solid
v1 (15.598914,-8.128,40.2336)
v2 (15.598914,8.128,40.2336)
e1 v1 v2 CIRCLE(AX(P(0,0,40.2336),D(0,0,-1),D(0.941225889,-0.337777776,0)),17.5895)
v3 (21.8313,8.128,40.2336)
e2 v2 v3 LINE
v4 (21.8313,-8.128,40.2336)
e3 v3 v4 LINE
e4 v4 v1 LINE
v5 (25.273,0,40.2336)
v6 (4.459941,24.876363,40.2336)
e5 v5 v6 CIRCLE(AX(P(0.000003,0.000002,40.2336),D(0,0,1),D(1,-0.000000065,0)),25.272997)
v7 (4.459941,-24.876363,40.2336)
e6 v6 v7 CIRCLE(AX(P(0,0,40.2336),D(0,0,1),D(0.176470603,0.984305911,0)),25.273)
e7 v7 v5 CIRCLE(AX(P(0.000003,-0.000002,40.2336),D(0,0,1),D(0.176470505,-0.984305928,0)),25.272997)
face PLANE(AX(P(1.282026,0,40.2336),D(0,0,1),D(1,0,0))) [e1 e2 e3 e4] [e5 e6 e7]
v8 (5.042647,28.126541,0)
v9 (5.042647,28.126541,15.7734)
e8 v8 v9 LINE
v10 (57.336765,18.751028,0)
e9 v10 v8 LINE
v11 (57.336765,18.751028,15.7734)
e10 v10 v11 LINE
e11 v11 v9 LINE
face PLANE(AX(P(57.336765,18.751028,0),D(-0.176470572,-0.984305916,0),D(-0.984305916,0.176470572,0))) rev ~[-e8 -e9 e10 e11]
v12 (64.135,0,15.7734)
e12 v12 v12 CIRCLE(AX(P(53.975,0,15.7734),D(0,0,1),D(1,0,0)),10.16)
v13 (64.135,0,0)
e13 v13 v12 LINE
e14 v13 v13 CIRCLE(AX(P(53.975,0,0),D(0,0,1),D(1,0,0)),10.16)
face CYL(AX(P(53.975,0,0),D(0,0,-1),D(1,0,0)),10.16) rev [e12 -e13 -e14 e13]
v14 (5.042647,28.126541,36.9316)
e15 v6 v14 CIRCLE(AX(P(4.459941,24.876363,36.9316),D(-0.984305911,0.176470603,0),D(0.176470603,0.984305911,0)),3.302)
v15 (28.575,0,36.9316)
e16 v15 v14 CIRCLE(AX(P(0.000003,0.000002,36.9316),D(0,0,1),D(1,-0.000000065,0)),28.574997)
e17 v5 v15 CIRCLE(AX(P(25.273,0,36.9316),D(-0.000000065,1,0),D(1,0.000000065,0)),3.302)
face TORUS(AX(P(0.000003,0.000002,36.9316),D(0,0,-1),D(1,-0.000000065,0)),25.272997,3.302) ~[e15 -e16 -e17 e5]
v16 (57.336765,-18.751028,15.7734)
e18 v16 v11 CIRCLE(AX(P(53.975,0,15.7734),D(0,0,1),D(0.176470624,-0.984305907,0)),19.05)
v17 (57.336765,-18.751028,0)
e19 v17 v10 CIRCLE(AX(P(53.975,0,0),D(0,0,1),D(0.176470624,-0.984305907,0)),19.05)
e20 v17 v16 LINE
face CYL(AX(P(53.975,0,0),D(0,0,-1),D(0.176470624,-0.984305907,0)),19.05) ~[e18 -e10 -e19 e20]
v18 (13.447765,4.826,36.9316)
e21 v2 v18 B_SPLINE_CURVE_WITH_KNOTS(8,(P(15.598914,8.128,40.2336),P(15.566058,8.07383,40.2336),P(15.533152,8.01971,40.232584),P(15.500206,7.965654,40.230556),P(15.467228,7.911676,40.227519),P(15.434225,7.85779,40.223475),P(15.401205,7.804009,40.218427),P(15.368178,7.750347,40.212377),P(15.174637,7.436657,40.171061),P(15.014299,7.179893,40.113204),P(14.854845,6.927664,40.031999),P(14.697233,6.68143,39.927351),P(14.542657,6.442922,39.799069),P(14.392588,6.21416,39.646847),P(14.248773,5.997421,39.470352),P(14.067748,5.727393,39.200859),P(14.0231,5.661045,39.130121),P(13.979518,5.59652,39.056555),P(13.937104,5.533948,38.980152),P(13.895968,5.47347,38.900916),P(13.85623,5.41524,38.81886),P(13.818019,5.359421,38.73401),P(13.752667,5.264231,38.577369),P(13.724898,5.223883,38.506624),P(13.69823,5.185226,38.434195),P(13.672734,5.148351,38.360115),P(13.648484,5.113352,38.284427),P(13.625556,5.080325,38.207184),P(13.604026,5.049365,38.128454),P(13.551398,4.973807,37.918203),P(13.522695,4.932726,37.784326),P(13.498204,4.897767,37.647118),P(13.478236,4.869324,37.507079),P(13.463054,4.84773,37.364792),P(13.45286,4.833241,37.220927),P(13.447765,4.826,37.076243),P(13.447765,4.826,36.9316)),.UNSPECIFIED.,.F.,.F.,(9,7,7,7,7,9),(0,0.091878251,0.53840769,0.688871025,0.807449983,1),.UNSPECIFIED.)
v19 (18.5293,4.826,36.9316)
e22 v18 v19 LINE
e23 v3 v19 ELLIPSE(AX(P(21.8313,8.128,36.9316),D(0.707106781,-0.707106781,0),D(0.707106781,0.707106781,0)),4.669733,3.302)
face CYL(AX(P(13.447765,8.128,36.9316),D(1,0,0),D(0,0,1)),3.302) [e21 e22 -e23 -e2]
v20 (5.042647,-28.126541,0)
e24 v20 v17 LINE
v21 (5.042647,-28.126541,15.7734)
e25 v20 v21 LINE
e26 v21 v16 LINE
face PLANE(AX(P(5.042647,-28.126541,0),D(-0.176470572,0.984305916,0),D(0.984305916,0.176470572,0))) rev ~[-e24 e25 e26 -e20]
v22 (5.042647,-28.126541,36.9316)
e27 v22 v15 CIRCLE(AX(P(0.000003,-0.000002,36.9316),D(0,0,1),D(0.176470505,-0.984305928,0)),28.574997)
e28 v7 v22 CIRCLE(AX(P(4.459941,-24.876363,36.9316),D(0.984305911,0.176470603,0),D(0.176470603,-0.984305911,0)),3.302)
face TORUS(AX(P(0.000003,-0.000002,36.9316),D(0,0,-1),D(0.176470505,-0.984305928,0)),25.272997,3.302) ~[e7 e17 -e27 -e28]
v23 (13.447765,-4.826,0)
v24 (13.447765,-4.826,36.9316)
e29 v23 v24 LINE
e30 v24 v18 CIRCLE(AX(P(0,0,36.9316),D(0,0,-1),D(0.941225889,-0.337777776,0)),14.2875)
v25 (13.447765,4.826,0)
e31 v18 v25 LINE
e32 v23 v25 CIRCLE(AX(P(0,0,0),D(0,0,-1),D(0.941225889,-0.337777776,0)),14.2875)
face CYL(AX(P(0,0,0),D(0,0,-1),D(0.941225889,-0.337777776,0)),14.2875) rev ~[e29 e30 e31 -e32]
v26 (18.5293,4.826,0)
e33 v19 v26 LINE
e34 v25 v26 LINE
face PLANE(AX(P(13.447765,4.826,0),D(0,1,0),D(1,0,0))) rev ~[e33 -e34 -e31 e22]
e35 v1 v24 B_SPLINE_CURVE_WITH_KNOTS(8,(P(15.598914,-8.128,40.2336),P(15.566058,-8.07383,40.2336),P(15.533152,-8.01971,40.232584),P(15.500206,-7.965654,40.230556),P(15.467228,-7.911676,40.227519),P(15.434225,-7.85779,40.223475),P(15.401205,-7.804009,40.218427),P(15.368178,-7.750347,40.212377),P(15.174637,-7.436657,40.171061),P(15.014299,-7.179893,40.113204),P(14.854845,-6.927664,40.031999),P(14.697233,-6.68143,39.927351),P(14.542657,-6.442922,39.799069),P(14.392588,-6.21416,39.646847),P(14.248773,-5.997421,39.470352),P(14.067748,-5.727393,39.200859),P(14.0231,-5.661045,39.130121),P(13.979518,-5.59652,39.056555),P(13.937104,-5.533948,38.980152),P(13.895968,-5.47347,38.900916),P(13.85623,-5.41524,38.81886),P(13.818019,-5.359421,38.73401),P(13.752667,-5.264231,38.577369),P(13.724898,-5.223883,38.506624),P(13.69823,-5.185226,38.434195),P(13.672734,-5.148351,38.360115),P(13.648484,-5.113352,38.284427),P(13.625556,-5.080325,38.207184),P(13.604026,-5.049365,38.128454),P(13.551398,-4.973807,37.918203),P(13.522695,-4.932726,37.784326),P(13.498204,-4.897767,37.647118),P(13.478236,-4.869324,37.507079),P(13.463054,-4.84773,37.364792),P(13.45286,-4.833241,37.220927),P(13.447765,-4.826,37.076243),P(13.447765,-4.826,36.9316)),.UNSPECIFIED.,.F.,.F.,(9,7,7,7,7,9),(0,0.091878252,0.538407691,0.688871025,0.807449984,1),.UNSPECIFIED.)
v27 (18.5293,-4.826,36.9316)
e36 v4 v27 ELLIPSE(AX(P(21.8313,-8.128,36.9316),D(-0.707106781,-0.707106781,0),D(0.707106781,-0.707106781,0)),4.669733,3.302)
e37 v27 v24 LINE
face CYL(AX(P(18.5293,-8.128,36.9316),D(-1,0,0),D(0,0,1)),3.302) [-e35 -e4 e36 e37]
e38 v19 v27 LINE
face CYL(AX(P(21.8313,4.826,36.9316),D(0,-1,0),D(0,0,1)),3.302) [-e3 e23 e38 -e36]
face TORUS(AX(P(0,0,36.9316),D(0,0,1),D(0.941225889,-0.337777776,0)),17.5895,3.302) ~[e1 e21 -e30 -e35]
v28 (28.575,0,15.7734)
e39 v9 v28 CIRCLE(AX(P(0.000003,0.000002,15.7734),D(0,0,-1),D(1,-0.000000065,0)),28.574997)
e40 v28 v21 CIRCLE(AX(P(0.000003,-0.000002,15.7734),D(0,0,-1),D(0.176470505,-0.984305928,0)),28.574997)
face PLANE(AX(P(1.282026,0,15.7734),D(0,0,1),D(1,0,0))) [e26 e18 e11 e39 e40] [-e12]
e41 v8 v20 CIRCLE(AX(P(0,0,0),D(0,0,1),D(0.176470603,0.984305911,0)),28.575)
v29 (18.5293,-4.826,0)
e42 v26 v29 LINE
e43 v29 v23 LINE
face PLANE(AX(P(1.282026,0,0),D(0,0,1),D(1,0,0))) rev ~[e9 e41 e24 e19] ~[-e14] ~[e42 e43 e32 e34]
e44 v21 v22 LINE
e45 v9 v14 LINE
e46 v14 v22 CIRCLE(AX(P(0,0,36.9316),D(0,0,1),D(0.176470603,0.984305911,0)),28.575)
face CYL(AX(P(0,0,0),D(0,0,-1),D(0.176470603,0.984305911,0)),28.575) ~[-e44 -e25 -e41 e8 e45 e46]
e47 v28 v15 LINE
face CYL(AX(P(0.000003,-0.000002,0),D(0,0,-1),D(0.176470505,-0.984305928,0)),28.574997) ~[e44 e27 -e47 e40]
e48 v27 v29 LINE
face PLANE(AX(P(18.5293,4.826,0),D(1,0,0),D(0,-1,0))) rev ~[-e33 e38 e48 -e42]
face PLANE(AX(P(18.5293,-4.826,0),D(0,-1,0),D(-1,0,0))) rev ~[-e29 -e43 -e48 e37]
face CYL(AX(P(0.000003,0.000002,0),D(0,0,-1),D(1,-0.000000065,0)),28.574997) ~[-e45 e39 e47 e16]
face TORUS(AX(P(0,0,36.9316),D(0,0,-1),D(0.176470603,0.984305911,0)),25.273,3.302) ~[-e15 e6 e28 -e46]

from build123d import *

# Parameters (mm, degrees)
F1_DEPTH = 40.2336
F0_R     = 10.16
F2_DEPTH = 15.7734
F3_R     = 3.302


with BuildPart() as f1:
    # F0 (on Top) → F1 (new body)
    with BuildSketch(Plane.XY):
        with BuildLine():
            ThreePointArc((5.042647, -28.126541), (21.916025, -18.336262), (28.575, 0))
            ThreePointArc((28.575, 0), (21.916025, 18.336262), (5.042647, 28.126541))
            ThreePointArc((5.042647, 28.126541), (-28.575, 0), (5.042647, -28.126541))
        make_face()
        with BuildLine():
            ThreePointArc((13.447765, -4.826), (-14.2875, 0), (13.447765, 4.826))
            Line((13.447765, 4.826), (18.5293, 4.826))
            Line((18.5293, 4.826), (18.5293, -4.826))
            Line((18.5293, -4.826), (13.447765, -4.826))
        make_face(mode=Mode.SUBTRACT)
    extrude(amount=F1_DEPTH)

    # F0 (on Top) → F2 (join)
    with BuildSketch(Plane.XY):
        with BuildLine():
            ThreePointArc((5.042647, -28.126541), (21.916025, -18.336262), (28.575, 0))
            ThreePointArc((28.575, 0), (21.916025, 18.336262), (5.042647, 28.126541))
            ThreePointArc((5.042647, 28.126541), (-28.575, 0), (5.042647, -28.126541))
        make_face()
        with BuildLine():
            ThreePointArc((13.447765, -4.826), (-14.2875, 0), (13.447765, 4.826))
            Line((13.447765, 4.826), (18.5293, 4.826))
            Line((18.5293, 4.826), (18.5293, -4.826))
            Line((18.5293, -4.826), (13.447765, -4.826))
        make_face(mode=Mode.SUBTRACT)
        with BuildLine():
            ThreePointArc((5.042647, 28.126541), (21.916025, 18.336262), (28.575, 0))
            ThreePointArc((28.575, 0), (21.916025, -18.336262), (5.042647, -28.126541))
            Line((5.042647, -28.126541), (57.336765, -18.751028))
            ThreePointArc((57.336765, -18.751028), (73.025, 0), (57.336765, 18.751028))
            Line((57.336765, 18.751028), (5.042647, 28.126541))
        make_face()
        with Locations((53.975, 0)):
            Circle(F0_R, mode=Mode.SUBTRACT)
    extrude(amount=F2_DEPTH)

    # F3
    f3_edges = [f1.edges().sort_by_distance(p)[0] for p in [
        (-5.042647, 28.126541, 40.2336),
        (-14.2875, 0, 40.2336),
        (15.988532, 4.826, 40.2336),
        (18.5293, 0, 40.2336),
        (15.988532, -4.826, 40.2336),
    ]]
    fillet(f3_edges, radius=F3_R)


solid = f1.part
